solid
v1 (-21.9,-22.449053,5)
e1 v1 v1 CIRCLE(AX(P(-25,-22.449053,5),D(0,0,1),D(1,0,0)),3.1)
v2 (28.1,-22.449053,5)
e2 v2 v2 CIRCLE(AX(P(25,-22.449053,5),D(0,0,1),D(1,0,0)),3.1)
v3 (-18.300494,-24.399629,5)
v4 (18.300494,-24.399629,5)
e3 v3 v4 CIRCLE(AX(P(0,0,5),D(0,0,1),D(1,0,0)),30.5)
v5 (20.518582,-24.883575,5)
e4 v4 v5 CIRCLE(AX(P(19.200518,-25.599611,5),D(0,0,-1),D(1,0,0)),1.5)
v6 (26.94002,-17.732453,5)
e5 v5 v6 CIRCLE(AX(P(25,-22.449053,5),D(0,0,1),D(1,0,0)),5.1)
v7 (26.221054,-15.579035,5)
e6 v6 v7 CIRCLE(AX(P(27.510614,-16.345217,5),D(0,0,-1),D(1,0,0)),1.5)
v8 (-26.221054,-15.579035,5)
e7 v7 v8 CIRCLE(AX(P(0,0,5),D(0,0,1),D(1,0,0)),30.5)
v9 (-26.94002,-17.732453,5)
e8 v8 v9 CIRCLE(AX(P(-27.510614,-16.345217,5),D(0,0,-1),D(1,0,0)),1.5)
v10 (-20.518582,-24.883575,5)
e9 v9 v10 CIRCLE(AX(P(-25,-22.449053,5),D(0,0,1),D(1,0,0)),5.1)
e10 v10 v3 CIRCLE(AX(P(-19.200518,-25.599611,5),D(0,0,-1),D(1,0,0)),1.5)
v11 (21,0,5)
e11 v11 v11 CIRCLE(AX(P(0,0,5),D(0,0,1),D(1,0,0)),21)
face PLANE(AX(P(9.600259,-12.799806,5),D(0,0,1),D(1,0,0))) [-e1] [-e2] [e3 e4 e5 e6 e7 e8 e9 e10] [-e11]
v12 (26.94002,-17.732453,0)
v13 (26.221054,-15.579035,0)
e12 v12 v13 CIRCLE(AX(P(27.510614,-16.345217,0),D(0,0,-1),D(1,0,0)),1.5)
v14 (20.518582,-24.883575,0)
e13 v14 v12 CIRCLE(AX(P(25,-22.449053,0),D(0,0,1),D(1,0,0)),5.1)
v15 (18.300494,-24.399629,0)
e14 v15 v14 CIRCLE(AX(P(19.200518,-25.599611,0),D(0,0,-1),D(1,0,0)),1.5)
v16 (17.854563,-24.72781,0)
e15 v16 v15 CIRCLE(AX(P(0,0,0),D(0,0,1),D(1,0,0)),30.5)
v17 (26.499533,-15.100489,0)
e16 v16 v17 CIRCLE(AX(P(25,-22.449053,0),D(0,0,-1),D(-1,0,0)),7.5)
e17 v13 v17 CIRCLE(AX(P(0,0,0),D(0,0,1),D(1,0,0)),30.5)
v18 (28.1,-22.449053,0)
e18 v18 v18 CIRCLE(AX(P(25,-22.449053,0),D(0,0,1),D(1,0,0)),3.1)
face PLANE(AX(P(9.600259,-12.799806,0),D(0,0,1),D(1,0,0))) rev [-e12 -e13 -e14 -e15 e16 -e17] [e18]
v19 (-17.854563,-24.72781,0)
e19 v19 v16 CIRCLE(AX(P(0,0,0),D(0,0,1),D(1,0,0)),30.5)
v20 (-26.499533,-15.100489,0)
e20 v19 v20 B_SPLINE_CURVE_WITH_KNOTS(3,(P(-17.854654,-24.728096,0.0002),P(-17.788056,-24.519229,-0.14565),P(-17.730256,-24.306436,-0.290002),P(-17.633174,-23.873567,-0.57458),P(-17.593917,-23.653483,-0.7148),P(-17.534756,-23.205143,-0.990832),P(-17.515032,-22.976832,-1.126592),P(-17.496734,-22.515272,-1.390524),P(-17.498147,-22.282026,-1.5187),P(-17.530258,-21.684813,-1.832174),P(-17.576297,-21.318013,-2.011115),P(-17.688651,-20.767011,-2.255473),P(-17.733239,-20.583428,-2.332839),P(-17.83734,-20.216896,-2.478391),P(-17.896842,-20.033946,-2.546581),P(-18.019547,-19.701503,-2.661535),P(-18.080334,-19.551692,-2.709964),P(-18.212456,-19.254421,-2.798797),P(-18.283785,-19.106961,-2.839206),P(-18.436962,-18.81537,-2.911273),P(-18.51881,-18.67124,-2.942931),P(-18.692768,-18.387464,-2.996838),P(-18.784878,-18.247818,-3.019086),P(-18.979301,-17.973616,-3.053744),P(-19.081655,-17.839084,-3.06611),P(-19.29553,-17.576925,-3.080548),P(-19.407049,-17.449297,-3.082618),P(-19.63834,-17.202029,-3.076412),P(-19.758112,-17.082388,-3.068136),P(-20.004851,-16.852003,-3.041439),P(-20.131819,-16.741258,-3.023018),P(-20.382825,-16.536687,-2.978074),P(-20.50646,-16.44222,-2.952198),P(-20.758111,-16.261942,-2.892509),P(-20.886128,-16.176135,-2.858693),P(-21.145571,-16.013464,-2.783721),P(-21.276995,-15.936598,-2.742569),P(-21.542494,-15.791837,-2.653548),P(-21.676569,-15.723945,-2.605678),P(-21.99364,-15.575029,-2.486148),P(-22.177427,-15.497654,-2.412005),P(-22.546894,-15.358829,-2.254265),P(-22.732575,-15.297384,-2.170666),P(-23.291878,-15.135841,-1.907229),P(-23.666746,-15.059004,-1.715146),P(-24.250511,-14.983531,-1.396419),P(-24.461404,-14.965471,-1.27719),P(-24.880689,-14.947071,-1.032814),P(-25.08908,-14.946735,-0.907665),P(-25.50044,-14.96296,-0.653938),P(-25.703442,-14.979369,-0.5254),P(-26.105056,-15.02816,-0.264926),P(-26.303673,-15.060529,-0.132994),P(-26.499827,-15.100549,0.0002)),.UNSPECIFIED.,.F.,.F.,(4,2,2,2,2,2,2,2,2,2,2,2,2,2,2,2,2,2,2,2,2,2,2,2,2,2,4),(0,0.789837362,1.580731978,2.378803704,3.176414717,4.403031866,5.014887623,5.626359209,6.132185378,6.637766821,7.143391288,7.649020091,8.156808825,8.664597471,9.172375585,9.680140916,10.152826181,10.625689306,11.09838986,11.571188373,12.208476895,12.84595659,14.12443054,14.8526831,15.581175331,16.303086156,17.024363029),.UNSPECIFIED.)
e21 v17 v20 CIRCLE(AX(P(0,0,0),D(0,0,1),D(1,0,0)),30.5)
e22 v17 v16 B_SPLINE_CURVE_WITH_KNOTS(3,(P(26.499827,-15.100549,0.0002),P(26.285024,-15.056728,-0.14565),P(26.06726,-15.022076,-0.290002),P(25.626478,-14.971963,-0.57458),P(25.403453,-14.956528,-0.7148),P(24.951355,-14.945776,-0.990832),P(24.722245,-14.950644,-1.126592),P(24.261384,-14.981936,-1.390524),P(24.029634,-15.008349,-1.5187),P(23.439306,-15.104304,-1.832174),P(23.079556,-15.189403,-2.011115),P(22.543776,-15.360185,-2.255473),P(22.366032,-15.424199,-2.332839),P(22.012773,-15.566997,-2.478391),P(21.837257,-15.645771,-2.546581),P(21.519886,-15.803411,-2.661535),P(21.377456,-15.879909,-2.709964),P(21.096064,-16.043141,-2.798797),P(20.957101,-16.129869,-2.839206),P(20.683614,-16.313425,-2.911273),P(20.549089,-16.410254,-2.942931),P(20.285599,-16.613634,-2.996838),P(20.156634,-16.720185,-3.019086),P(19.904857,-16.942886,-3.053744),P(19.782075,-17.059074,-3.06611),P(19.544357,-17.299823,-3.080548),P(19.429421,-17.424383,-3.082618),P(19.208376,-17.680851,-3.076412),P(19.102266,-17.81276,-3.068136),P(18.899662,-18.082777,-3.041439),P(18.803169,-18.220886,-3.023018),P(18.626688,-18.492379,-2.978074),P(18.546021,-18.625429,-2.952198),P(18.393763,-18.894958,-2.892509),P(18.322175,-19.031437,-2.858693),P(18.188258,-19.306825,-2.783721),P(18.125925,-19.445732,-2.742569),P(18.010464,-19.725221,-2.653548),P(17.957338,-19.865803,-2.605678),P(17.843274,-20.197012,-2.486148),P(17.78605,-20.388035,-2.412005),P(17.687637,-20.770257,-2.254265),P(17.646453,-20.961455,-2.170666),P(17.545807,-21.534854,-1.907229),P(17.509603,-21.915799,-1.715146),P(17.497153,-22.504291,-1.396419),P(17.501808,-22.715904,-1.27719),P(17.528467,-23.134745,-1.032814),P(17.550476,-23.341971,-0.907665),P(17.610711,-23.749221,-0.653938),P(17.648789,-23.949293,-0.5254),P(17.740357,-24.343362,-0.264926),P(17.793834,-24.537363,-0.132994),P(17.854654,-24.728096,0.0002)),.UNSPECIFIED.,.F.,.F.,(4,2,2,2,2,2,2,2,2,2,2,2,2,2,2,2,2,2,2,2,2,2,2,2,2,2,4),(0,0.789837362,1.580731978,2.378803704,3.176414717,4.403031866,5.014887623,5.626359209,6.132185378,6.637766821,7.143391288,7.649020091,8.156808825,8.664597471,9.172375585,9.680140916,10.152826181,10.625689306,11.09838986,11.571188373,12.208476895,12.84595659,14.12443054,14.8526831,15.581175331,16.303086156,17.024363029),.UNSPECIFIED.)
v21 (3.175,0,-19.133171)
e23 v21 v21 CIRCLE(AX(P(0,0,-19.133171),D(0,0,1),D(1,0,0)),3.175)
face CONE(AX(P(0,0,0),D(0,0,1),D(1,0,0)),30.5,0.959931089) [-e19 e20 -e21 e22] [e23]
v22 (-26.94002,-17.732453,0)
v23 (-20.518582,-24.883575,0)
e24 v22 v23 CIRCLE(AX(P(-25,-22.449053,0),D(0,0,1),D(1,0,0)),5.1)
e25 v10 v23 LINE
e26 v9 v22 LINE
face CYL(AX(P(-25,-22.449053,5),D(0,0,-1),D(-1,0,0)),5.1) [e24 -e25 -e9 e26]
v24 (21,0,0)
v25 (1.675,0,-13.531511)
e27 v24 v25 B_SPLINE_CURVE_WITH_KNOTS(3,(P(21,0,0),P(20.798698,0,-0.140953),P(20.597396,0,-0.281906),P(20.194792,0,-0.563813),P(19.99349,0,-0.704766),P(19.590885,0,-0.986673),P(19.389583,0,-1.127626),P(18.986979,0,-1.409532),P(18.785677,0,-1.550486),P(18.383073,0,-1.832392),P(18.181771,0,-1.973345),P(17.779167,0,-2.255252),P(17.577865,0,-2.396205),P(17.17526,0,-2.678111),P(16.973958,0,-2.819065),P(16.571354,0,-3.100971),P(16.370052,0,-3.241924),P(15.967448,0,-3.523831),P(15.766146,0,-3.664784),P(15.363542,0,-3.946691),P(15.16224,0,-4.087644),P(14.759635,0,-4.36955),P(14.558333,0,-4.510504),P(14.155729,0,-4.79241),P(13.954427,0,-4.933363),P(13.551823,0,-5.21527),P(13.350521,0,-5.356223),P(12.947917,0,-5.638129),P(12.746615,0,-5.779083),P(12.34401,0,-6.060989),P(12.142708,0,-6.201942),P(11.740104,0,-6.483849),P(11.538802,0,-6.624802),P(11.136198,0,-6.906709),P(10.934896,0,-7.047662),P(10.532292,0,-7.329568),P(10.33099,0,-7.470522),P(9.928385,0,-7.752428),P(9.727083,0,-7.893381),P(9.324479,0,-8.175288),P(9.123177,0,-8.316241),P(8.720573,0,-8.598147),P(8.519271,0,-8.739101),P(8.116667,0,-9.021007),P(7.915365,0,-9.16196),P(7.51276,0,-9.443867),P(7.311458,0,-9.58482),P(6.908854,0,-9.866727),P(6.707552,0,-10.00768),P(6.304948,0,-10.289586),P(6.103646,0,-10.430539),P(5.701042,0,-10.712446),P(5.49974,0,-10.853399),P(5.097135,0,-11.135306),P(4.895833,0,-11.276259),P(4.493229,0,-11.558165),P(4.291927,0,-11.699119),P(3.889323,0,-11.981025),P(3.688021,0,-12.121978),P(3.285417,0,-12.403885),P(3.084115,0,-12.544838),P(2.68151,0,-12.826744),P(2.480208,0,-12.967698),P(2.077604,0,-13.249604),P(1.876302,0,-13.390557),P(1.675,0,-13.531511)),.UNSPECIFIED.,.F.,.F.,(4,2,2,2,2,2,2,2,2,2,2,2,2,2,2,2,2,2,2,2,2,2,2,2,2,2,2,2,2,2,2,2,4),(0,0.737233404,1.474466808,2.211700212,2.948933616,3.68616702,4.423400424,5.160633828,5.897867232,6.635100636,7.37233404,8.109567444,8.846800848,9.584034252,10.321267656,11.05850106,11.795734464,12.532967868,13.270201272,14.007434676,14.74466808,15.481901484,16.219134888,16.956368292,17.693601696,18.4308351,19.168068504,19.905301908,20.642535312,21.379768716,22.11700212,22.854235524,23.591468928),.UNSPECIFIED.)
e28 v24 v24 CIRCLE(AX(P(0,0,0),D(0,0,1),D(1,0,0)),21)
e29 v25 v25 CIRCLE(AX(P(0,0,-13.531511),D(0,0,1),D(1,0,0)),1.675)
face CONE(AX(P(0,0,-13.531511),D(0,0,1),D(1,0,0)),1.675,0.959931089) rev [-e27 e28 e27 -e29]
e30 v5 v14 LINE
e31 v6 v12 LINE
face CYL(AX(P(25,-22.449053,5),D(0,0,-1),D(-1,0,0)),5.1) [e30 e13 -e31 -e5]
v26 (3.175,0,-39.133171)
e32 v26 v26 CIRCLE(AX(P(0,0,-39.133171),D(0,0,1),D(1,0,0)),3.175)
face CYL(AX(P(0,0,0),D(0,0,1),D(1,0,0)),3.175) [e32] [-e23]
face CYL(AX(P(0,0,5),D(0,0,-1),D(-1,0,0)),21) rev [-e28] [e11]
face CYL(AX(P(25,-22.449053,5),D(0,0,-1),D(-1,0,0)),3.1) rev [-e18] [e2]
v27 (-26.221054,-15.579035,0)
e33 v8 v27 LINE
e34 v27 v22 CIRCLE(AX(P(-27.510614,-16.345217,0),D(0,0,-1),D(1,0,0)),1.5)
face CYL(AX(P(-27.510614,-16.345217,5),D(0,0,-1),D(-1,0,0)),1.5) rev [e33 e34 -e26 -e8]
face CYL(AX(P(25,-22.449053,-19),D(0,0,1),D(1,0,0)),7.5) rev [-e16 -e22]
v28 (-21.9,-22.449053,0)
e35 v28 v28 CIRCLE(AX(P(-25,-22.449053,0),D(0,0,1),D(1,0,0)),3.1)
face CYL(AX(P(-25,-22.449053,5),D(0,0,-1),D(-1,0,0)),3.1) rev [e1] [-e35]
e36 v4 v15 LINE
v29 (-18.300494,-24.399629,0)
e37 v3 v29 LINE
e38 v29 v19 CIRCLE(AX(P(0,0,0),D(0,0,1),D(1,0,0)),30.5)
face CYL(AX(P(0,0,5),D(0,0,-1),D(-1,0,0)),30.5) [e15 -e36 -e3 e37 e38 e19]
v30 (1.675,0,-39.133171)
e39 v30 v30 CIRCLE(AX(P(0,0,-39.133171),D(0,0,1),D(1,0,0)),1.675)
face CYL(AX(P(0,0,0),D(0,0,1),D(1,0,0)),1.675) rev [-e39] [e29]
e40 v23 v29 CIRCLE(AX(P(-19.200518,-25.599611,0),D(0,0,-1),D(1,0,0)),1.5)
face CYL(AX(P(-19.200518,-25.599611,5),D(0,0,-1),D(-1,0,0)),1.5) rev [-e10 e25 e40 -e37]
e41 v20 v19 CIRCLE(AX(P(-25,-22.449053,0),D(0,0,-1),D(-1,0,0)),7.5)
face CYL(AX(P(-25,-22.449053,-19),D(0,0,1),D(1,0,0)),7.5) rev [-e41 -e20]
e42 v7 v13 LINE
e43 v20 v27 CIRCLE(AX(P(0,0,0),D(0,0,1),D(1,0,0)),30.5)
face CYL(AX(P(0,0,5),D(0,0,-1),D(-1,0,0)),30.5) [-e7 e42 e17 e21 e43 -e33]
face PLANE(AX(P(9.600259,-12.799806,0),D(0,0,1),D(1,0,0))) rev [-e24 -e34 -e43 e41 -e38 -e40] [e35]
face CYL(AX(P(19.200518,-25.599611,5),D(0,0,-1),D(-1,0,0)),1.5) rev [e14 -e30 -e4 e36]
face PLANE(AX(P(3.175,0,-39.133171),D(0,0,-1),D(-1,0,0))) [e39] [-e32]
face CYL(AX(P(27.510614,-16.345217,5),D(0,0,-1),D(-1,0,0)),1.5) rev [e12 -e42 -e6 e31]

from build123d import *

# Parameters (mm, degrees)
ESBO_O1_R                = 21
ESBO_O1_R_2              = 3.1
RESSALTO_EXTRUS_O1_DEPTH = 5
ESBO_O3_R                = 7.5
CORTE_EXTRUS_O1_DEPTH    = 19


with BuildPart() as part:
    # Esboço1 → Ressalto-extrusão1 (new body)
    with BuildSketch(Plane.XY):
        with BuildLine():
            ThreePointArc((26.22105388, -15.579035061), (0, 30.5), (-26.22105388, -15.579035061))
            ThreePointArc((-26.22105388, -15.579035061), (-26.087819075, -16.82024855), (-26.940019837, -17.73245264))
            ThreePointArc((-26.940019837, -17.73245264), (-28.794642857, -25.856499042), (-20.518582449, -24.883575301))
            ThreePointArc((-20.518582449, -24.883575301), (-19.520268693, -24.134087419), (-18.30049416, -24.399629372))
            ThreePointArc((-18.30049416, -24.399629372), (0, -30.5), (18.30049416, -24.399629372))
            ThreePointArc((18.30049416, -24.399629372), (19.520268693, -24.134087419), (20.518582449, -24.883575301))
            ThreePointArc((20.518582449, -24.883575301), (28.794642857, -25.856499042), (26.940019837, -17.73245264))
            ThreePointArc((26.940019837, -17.73245264), (26.087819075, -16.82024855), (26.22105388, -15.579035061))
        make_face()
        Circle(ESBO_O1_R, mode=Mode.SUBTRACT)
        with Locations((25, -22.449053432)):
            Circle(ESBO_O1_R_2, mode=Mode.SUBTRACT)
        with Locations((-25, -22.449053432)):
            Circle(ESBO_O1_R_2, mode=Mode.SUBTRACT)
    extrude(amount=RESSALTO_EXTRUS_O1_DEPTH)

    # Esboço2 → Revolução1 (revolve)
    with BuildSketch(Plane(origin=(0, 0, 0), x_dir=(1, 0, 0), z_dir=(0, 1, 0))):
        Polygon((30.5, 0), (3.175, 19.133170982), (3.175, 39.133170982), (1.675, 39.133170982), (1.675, 13.531510676), (21, 0), align=None)
    revolve(axis=Axis((0, 0, 0), (0, 0, -1)))

    # Esboço3 → Corte-extrusão1 (cut)
    with BuildSketch(Plane(origin=(0, 0, 0), x_dir=(-1, 0, 0), z_dir=(0, 0, -1))):
        with Locations((-25, -22.449053432)):
            Circle(ESBO_O3_R)
        with Locations((25, -22.449053432)):
            Circle(ESBO_O3_R)
    extrude(amount=CORTE_EXTRUS_O1_DEPTH, mode=Mode.SUBTRACT)


solid = part.part
